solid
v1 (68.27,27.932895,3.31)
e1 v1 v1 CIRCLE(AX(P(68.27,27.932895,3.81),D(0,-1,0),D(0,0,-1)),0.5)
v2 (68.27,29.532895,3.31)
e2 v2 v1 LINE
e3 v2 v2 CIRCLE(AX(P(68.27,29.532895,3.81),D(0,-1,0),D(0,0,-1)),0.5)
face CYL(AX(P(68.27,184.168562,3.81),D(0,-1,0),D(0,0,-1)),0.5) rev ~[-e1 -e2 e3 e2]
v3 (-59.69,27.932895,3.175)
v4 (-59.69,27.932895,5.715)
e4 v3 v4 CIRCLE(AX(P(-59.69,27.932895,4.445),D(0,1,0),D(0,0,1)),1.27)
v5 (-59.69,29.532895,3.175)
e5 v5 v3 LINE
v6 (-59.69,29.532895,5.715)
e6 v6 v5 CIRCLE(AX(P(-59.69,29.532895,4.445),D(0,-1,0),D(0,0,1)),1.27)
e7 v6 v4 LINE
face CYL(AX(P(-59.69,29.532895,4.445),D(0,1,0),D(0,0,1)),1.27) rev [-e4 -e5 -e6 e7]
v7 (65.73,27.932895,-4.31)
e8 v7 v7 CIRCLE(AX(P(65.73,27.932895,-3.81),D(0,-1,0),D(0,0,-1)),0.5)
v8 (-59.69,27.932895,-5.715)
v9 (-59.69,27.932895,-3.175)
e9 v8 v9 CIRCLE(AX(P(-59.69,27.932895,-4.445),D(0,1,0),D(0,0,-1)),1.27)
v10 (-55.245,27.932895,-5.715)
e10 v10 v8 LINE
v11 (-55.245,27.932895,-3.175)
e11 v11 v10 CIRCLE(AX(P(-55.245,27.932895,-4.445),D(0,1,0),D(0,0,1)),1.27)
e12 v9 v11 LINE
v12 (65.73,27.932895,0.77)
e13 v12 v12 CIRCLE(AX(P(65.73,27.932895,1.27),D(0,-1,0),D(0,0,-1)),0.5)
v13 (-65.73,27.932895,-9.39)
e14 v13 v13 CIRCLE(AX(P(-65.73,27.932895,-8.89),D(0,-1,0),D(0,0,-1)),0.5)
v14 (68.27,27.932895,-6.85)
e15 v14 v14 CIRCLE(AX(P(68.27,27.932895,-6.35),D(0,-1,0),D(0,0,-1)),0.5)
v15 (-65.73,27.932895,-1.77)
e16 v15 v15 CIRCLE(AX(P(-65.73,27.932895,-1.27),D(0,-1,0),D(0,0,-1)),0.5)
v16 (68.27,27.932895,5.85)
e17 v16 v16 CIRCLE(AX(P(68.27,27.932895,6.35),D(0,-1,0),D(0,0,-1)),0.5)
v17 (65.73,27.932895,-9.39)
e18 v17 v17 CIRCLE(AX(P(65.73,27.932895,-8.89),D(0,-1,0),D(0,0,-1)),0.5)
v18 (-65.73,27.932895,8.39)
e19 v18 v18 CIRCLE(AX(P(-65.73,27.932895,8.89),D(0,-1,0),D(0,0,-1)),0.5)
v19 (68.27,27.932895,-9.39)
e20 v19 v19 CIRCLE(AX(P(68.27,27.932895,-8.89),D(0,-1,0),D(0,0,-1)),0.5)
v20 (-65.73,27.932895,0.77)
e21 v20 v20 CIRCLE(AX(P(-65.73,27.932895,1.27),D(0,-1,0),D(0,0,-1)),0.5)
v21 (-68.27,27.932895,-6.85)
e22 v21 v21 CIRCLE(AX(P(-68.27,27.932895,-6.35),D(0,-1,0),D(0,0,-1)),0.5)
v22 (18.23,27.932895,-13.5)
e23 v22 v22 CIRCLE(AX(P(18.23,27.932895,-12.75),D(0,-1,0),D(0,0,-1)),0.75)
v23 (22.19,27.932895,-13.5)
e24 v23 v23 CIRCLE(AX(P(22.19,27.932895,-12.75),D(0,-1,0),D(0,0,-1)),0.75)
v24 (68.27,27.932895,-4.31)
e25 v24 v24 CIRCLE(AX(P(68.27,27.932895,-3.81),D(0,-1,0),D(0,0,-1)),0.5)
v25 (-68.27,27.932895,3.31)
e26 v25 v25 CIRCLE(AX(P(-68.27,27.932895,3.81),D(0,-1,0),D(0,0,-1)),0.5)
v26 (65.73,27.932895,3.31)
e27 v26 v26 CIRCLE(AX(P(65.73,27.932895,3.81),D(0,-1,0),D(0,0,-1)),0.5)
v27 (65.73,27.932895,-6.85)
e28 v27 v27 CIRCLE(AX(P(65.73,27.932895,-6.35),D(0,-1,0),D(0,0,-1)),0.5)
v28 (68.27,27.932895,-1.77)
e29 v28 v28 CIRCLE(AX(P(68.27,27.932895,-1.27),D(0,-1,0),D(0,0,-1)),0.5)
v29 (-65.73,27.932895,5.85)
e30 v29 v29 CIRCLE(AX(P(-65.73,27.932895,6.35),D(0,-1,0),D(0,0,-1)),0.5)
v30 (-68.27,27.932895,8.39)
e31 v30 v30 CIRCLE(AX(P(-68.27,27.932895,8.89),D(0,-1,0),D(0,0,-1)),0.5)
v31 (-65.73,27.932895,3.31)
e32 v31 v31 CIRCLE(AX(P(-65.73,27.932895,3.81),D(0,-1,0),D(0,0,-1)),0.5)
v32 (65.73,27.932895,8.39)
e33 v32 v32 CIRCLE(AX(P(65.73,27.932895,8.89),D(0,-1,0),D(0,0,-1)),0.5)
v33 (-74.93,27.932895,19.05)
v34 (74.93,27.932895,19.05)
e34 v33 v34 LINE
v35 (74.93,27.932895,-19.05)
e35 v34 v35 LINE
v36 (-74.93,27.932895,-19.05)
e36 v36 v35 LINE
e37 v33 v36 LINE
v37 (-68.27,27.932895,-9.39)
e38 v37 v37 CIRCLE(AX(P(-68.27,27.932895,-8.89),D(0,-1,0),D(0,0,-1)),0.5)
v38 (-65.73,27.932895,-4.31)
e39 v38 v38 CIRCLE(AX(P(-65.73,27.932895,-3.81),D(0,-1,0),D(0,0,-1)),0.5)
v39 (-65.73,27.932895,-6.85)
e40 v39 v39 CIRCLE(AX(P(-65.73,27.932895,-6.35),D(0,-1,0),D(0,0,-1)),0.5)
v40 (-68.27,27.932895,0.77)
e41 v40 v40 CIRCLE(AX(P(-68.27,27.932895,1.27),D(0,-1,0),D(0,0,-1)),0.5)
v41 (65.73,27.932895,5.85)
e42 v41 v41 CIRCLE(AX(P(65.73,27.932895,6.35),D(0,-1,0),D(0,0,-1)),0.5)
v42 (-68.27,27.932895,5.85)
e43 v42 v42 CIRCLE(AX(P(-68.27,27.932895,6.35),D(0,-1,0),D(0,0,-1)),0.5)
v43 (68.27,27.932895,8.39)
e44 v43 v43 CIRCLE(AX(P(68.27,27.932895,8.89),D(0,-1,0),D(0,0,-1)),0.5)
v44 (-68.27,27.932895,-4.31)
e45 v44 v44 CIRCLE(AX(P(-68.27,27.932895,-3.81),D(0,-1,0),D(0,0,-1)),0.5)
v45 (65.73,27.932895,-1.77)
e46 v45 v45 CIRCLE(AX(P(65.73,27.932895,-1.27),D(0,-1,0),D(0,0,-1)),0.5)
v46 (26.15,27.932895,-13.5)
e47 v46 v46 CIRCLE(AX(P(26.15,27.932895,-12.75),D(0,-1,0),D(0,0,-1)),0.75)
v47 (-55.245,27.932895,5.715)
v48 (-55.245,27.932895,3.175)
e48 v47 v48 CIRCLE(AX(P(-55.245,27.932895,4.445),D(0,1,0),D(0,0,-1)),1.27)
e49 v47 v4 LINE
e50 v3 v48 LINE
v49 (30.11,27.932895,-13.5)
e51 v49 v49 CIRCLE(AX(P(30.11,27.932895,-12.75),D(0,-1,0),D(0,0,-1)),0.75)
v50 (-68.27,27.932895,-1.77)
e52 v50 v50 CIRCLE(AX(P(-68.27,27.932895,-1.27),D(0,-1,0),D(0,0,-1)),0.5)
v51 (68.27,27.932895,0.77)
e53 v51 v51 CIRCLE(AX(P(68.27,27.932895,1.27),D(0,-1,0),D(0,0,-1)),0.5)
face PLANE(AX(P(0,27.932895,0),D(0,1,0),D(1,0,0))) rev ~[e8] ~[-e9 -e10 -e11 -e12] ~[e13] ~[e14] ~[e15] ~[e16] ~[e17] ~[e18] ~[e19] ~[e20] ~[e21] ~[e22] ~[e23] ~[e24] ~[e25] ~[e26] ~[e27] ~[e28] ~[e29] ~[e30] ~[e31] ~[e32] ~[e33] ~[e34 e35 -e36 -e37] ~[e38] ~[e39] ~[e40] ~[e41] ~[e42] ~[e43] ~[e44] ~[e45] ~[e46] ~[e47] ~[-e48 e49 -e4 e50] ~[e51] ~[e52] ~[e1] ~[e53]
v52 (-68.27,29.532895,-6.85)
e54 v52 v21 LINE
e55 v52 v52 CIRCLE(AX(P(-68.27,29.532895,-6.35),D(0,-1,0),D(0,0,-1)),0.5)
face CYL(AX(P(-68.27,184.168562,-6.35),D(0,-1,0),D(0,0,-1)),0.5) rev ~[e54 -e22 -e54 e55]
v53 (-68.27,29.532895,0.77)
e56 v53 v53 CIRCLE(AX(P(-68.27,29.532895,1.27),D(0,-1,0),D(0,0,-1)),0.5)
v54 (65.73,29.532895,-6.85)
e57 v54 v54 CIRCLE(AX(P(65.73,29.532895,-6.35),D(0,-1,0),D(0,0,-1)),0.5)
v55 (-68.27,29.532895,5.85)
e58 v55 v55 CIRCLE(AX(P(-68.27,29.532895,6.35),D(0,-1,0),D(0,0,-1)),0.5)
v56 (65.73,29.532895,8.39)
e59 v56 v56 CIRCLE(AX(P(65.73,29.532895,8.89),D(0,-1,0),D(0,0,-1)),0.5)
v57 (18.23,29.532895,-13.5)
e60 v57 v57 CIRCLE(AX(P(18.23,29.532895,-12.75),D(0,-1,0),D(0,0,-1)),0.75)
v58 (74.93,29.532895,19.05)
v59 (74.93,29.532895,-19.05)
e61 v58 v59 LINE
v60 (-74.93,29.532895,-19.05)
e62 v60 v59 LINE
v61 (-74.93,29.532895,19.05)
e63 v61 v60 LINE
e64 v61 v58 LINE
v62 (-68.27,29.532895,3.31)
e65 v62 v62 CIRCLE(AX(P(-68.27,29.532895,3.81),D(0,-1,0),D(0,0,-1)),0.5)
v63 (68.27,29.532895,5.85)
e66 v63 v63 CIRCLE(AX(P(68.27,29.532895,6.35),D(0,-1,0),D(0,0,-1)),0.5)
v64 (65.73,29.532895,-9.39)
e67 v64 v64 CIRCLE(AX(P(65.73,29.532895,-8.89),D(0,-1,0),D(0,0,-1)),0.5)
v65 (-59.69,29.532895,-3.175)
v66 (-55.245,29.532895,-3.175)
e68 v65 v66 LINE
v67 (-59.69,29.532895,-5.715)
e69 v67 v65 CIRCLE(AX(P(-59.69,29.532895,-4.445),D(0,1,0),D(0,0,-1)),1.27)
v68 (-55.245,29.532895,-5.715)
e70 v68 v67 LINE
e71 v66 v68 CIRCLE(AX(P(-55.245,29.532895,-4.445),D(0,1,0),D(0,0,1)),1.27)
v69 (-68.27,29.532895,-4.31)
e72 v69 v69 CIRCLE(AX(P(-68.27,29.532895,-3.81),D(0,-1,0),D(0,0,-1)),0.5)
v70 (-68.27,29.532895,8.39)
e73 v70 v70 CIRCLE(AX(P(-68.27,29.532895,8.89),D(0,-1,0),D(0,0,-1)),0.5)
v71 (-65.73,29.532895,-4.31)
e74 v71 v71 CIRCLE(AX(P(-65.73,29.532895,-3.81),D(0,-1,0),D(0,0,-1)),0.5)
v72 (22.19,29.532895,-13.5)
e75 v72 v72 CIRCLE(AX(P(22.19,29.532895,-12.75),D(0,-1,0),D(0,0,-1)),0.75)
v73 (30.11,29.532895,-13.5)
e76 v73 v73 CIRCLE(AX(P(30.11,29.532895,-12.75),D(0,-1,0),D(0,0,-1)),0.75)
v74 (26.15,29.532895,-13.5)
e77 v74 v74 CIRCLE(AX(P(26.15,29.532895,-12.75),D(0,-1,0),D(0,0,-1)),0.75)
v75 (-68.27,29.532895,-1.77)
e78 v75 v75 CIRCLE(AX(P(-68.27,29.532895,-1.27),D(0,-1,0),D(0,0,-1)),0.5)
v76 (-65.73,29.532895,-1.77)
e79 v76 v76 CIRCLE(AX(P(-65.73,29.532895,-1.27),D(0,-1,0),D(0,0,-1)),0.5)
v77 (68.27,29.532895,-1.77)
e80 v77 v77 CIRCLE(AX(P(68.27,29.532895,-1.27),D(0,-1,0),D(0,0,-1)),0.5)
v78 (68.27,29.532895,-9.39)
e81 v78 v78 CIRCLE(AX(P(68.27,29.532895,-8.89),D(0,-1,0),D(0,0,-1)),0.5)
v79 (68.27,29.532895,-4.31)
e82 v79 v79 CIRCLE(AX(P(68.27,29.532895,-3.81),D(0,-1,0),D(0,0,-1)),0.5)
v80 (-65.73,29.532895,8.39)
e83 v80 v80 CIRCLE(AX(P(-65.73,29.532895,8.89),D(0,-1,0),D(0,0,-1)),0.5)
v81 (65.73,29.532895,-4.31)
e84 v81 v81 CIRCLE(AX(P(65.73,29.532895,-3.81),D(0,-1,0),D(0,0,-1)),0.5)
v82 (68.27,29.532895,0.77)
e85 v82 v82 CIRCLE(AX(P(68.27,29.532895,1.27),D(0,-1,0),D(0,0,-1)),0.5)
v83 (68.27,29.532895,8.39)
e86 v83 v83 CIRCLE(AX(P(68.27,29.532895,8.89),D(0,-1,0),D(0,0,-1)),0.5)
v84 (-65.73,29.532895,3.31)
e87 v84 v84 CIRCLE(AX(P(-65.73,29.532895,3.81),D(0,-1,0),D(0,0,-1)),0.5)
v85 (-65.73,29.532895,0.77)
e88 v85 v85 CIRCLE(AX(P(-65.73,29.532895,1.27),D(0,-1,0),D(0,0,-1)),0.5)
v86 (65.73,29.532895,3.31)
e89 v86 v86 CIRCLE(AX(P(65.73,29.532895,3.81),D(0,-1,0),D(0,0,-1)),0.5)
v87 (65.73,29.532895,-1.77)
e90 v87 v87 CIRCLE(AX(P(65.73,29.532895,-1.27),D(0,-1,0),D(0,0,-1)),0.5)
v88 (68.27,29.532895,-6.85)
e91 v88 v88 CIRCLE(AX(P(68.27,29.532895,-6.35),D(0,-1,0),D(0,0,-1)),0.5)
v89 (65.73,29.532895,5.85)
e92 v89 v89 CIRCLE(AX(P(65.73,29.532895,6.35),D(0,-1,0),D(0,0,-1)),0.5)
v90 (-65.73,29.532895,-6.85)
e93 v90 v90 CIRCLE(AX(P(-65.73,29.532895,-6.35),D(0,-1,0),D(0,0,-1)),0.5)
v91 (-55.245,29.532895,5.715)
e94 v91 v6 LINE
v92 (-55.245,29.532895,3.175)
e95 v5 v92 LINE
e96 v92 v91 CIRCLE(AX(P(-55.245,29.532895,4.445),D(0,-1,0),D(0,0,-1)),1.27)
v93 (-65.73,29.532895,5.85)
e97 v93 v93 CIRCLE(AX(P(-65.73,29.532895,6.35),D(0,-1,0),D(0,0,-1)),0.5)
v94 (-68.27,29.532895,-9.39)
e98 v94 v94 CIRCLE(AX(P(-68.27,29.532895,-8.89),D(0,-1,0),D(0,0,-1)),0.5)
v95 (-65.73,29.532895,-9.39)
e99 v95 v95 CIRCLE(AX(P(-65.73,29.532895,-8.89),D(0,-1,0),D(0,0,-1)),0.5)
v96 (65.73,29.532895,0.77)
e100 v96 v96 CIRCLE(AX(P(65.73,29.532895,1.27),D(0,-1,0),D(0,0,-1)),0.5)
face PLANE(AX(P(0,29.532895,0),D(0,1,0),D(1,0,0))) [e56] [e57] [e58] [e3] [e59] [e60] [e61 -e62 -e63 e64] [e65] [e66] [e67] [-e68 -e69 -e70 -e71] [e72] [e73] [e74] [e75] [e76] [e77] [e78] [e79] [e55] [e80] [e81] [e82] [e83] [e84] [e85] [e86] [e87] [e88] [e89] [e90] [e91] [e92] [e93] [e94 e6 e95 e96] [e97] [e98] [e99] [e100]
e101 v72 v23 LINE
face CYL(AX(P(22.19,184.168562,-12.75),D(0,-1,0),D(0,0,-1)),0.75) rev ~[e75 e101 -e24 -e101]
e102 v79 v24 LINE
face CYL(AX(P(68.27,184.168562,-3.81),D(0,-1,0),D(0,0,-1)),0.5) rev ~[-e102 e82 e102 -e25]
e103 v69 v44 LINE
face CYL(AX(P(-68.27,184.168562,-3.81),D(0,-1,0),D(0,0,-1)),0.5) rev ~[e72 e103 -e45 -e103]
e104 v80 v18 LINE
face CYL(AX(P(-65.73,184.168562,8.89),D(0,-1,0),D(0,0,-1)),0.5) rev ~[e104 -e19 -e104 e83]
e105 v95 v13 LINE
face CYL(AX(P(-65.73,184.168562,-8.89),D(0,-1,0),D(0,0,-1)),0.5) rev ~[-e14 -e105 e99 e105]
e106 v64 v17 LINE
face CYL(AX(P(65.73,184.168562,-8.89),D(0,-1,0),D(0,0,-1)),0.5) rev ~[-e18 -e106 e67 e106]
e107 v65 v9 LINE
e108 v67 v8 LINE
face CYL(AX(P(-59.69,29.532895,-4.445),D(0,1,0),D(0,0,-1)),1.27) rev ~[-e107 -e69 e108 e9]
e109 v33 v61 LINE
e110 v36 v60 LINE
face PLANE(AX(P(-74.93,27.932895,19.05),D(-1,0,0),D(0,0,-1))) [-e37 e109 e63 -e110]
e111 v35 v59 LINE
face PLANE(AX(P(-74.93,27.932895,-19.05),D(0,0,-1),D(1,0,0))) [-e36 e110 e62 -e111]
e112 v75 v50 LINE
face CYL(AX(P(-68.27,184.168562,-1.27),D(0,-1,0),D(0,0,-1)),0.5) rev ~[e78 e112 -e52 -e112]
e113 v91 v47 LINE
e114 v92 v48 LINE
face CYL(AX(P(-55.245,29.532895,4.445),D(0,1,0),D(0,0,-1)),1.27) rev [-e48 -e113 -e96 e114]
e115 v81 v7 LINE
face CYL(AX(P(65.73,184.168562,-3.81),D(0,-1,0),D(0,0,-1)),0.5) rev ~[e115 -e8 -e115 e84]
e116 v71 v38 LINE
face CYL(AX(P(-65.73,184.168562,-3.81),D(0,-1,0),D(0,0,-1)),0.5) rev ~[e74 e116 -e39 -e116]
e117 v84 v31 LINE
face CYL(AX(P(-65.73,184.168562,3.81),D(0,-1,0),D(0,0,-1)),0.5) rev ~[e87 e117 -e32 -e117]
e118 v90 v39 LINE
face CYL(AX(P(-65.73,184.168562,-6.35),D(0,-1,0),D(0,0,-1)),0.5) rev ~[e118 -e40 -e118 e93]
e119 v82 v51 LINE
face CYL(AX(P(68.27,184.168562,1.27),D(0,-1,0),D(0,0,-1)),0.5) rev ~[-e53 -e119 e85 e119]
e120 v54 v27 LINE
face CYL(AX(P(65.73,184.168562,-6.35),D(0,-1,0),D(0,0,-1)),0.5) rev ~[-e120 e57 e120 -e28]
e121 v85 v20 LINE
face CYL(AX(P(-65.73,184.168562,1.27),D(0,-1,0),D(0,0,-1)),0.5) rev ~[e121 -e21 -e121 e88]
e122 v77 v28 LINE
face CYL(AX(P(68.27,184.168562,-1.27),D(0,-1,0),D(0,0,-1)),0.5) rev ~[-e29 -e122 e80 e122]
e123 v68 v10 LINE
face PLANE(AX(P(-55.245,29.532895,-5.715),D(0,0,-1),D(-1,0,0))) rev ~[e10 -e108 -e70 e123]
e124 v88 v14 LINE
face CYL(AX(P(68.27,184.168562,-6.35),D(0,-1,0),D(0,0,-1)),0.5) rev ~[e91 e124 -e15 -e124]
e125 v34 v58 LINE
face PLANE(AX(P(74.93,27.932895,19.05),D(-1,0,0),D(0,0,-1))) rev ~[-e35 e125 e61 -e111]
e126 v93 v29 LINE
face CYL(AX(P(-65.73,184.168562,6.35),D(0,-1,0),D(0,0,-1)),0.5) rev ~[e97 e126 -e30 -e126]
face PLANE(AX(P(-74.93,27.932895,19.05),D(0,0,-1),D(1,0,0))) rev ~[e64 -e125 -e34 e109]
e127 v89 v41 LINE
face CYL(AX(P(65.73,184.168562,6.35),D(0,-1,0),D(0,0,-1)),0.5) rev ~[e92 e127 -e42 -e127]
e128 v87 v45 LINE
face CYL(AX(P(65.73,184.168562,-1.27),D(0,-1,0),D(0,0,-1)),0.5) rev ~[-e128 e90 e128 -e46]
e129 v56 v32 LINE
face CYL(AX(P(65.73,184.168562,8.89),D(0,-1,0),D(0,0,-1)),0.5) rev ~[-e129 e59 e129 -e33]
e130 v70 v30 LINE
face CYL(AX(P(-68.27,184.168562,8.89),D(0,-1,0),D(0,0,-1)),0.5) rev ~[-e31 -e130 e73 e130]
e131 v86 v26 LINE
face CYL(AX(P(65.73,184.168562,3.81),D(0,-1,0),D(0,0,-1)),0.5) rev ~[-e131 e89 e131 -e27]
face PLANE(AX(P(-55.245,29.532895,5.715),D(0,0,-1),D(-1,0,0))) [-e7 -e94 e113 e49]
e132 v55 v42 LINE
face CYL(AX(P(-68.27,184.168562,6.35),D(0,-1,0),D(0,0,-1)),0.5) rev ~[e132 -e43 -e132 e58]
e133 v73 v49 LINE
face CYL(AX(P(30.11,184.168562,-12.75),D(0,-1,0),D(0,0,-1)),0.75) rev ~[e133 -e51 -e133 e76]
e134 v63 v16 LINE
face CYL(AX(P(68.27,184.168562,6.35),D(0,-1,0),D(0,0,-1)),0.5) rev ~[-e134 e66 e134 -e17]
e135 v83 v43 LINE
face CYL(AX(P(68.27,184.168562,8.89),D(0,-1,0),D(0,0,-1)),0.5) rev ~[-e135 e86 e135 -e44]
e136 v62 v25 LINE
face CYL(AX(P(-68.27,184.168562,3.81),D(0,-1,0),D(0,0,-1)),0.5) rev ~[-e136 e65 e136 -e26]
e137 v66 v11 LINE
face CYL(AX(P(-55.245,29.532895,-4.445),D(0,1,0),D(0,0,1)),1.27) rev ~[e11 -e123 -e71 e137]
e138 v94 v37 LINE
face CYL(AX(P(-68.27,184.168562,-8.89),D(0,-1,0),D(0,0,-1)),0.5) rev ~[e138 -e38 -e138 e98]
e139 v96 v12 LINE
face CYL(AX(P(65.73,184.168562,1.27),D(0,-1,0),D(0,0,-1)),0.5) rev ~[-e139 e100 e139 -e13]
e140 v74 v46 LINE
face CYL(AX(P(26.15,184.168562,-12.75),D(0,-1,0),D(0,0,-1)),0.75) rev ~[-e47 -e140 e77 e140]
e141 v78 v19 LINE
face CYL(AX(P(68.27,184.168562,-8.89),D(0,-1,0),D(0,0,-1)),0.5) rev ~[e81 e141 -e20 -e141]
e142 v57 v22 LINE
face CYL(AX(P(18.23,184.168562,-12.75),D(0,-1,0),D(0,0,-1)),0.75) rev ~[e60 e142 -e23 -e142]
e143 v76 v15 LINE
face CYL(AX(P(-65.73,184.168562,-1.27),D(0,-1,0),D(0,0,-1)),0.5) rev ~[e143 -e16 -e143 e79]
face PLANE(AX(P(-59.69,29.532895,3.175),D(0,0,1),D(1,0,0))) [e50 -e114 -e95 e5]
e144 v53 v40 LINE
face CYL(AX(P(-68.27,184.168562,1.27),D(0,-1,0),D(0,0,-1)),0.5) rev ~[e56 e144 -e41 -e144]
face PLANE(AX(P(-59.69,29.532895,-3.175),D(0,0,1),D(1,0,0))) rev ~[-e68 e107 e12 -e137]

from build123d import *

# Parameters (mm, degrees)
SKETCH1_W             = 149.86
SKETCH1_H             = 38.1
BOSS_EXTRUDE1_DEPTH   = 1.6
F_1_0MM_DOWEL_HOLE1_D = 1
LPATTERN1_COUNT       = 2
LPATTERN1_PITCH       = 2.54
LPATTERN1_COUNT_DIR2  = 8
LPATTERN1_PITCH_DIR2  = 2.54
F_1_5MM_DOWEL_HOLE1_D = 1.5
LPATTERN2_COUNT       = 4
LPATTERN2_PITCH       = 3.96
CUT_EXTRUDE1_DEPTH    = 78.330248933


with BuildPart() as part:
    # Sketch1 → Boss-Extrude1 (new body)
    with BuildSketch(Plane(origin=(0, 27.932895125, 0), x_dir=(1, 0, 0), z_dir=(0, 1, 0))):
        Rectangle(SKETCH1_W, SKETCH1_H)
    extrude(amount=BOSS_EXTRUDE1_DEPTH)

    # Ø1.0mm Dowel Hole1 (through all)
    with Locations(Plane(origin=(65.73, 29.532895125, -8.89), x_dir=(0, 0, 1), z_dir=(0, 1, 0))):
        with Locations((0, 0), (0, -134)):
            f_1_0mm_dowel_hole1 = Hole(F_1_0MM_DOWEL_HOLE1_D / 2)

    # LPattern1: 1.0mm Dowel Hole1 2 × 8
    with Locations(*[(i * LPATTERN1_PITCH, 0, j * LPATTERN1_PITCH_DIR2) for i in range(LPATTERN1_COUNT) for j in range(LPATTERN1_COUNT_DIR2) if (i, j) != (0, 0)]):
        add(f_1_0mm_dowel_hole1, mode=Mode.SUBTRACT)

    # Ø1.5mm Dowel Hole1 (through all)
    with Locations(Plane(origin=(18.23, 29.532895125, -12.75), x_dir=(0, 0, 1), z_dir=(0, 1, 0))):
        with Locations((0, 0)):
            f_1_5mm_dowel_hole1 = Hole(F_1_5MM_DOWEL_HOLE1_D / 2)

    # LPattern2: Ø1.5mm Dowel Hole1 ×4
    with Locations(*[(i * LPATTERN2_PITCH, 0, 0) for i in range(1, LPATTERN2_COUNT)]):
        add(f_1_5mm_dowel_hole1, mode=Mode.SUBTRACT)

    # Sketch6 → Cut-Extrude1 (cut, through all)
    with BuildSketch(Plane(origin=(0, 29.532895125, 0), x_dir=(1, 0, 0), z_dir=(0, 1, 0))):
        with BuildLine():
            Line((-55.245, -5.715), (-59.69, -5.715))
            ThreePointArc((-59.69, -5.715), (-60.96, -4.445), (-59.69, -3.175))
            Line((-59.69, -3.175), (-55.245, -3.175))
            ThreePointArc((-55.245, -3.175), (-53.975, -4.445), (-55.245, -5.715))
        make_face()
        with BuildLine():
            Line((-55.245, 5.715), (-59.69, 5.715))
            ThreePointArc((-59.69, 5.715), (-60.96, 4.445), (-59.69, 3.175))
            Line((-59.69, 3.175), (-55.245, 3.175))
            ThreePointArc((-55.245, 3.175), (-53.975, 4.445), (-55.245, 5.715))
        make_face()
    extrude(amount=-CUT_EXTRUDE1_DEPTH, mode=Mode.SUBTRACT)


solid = part.part
